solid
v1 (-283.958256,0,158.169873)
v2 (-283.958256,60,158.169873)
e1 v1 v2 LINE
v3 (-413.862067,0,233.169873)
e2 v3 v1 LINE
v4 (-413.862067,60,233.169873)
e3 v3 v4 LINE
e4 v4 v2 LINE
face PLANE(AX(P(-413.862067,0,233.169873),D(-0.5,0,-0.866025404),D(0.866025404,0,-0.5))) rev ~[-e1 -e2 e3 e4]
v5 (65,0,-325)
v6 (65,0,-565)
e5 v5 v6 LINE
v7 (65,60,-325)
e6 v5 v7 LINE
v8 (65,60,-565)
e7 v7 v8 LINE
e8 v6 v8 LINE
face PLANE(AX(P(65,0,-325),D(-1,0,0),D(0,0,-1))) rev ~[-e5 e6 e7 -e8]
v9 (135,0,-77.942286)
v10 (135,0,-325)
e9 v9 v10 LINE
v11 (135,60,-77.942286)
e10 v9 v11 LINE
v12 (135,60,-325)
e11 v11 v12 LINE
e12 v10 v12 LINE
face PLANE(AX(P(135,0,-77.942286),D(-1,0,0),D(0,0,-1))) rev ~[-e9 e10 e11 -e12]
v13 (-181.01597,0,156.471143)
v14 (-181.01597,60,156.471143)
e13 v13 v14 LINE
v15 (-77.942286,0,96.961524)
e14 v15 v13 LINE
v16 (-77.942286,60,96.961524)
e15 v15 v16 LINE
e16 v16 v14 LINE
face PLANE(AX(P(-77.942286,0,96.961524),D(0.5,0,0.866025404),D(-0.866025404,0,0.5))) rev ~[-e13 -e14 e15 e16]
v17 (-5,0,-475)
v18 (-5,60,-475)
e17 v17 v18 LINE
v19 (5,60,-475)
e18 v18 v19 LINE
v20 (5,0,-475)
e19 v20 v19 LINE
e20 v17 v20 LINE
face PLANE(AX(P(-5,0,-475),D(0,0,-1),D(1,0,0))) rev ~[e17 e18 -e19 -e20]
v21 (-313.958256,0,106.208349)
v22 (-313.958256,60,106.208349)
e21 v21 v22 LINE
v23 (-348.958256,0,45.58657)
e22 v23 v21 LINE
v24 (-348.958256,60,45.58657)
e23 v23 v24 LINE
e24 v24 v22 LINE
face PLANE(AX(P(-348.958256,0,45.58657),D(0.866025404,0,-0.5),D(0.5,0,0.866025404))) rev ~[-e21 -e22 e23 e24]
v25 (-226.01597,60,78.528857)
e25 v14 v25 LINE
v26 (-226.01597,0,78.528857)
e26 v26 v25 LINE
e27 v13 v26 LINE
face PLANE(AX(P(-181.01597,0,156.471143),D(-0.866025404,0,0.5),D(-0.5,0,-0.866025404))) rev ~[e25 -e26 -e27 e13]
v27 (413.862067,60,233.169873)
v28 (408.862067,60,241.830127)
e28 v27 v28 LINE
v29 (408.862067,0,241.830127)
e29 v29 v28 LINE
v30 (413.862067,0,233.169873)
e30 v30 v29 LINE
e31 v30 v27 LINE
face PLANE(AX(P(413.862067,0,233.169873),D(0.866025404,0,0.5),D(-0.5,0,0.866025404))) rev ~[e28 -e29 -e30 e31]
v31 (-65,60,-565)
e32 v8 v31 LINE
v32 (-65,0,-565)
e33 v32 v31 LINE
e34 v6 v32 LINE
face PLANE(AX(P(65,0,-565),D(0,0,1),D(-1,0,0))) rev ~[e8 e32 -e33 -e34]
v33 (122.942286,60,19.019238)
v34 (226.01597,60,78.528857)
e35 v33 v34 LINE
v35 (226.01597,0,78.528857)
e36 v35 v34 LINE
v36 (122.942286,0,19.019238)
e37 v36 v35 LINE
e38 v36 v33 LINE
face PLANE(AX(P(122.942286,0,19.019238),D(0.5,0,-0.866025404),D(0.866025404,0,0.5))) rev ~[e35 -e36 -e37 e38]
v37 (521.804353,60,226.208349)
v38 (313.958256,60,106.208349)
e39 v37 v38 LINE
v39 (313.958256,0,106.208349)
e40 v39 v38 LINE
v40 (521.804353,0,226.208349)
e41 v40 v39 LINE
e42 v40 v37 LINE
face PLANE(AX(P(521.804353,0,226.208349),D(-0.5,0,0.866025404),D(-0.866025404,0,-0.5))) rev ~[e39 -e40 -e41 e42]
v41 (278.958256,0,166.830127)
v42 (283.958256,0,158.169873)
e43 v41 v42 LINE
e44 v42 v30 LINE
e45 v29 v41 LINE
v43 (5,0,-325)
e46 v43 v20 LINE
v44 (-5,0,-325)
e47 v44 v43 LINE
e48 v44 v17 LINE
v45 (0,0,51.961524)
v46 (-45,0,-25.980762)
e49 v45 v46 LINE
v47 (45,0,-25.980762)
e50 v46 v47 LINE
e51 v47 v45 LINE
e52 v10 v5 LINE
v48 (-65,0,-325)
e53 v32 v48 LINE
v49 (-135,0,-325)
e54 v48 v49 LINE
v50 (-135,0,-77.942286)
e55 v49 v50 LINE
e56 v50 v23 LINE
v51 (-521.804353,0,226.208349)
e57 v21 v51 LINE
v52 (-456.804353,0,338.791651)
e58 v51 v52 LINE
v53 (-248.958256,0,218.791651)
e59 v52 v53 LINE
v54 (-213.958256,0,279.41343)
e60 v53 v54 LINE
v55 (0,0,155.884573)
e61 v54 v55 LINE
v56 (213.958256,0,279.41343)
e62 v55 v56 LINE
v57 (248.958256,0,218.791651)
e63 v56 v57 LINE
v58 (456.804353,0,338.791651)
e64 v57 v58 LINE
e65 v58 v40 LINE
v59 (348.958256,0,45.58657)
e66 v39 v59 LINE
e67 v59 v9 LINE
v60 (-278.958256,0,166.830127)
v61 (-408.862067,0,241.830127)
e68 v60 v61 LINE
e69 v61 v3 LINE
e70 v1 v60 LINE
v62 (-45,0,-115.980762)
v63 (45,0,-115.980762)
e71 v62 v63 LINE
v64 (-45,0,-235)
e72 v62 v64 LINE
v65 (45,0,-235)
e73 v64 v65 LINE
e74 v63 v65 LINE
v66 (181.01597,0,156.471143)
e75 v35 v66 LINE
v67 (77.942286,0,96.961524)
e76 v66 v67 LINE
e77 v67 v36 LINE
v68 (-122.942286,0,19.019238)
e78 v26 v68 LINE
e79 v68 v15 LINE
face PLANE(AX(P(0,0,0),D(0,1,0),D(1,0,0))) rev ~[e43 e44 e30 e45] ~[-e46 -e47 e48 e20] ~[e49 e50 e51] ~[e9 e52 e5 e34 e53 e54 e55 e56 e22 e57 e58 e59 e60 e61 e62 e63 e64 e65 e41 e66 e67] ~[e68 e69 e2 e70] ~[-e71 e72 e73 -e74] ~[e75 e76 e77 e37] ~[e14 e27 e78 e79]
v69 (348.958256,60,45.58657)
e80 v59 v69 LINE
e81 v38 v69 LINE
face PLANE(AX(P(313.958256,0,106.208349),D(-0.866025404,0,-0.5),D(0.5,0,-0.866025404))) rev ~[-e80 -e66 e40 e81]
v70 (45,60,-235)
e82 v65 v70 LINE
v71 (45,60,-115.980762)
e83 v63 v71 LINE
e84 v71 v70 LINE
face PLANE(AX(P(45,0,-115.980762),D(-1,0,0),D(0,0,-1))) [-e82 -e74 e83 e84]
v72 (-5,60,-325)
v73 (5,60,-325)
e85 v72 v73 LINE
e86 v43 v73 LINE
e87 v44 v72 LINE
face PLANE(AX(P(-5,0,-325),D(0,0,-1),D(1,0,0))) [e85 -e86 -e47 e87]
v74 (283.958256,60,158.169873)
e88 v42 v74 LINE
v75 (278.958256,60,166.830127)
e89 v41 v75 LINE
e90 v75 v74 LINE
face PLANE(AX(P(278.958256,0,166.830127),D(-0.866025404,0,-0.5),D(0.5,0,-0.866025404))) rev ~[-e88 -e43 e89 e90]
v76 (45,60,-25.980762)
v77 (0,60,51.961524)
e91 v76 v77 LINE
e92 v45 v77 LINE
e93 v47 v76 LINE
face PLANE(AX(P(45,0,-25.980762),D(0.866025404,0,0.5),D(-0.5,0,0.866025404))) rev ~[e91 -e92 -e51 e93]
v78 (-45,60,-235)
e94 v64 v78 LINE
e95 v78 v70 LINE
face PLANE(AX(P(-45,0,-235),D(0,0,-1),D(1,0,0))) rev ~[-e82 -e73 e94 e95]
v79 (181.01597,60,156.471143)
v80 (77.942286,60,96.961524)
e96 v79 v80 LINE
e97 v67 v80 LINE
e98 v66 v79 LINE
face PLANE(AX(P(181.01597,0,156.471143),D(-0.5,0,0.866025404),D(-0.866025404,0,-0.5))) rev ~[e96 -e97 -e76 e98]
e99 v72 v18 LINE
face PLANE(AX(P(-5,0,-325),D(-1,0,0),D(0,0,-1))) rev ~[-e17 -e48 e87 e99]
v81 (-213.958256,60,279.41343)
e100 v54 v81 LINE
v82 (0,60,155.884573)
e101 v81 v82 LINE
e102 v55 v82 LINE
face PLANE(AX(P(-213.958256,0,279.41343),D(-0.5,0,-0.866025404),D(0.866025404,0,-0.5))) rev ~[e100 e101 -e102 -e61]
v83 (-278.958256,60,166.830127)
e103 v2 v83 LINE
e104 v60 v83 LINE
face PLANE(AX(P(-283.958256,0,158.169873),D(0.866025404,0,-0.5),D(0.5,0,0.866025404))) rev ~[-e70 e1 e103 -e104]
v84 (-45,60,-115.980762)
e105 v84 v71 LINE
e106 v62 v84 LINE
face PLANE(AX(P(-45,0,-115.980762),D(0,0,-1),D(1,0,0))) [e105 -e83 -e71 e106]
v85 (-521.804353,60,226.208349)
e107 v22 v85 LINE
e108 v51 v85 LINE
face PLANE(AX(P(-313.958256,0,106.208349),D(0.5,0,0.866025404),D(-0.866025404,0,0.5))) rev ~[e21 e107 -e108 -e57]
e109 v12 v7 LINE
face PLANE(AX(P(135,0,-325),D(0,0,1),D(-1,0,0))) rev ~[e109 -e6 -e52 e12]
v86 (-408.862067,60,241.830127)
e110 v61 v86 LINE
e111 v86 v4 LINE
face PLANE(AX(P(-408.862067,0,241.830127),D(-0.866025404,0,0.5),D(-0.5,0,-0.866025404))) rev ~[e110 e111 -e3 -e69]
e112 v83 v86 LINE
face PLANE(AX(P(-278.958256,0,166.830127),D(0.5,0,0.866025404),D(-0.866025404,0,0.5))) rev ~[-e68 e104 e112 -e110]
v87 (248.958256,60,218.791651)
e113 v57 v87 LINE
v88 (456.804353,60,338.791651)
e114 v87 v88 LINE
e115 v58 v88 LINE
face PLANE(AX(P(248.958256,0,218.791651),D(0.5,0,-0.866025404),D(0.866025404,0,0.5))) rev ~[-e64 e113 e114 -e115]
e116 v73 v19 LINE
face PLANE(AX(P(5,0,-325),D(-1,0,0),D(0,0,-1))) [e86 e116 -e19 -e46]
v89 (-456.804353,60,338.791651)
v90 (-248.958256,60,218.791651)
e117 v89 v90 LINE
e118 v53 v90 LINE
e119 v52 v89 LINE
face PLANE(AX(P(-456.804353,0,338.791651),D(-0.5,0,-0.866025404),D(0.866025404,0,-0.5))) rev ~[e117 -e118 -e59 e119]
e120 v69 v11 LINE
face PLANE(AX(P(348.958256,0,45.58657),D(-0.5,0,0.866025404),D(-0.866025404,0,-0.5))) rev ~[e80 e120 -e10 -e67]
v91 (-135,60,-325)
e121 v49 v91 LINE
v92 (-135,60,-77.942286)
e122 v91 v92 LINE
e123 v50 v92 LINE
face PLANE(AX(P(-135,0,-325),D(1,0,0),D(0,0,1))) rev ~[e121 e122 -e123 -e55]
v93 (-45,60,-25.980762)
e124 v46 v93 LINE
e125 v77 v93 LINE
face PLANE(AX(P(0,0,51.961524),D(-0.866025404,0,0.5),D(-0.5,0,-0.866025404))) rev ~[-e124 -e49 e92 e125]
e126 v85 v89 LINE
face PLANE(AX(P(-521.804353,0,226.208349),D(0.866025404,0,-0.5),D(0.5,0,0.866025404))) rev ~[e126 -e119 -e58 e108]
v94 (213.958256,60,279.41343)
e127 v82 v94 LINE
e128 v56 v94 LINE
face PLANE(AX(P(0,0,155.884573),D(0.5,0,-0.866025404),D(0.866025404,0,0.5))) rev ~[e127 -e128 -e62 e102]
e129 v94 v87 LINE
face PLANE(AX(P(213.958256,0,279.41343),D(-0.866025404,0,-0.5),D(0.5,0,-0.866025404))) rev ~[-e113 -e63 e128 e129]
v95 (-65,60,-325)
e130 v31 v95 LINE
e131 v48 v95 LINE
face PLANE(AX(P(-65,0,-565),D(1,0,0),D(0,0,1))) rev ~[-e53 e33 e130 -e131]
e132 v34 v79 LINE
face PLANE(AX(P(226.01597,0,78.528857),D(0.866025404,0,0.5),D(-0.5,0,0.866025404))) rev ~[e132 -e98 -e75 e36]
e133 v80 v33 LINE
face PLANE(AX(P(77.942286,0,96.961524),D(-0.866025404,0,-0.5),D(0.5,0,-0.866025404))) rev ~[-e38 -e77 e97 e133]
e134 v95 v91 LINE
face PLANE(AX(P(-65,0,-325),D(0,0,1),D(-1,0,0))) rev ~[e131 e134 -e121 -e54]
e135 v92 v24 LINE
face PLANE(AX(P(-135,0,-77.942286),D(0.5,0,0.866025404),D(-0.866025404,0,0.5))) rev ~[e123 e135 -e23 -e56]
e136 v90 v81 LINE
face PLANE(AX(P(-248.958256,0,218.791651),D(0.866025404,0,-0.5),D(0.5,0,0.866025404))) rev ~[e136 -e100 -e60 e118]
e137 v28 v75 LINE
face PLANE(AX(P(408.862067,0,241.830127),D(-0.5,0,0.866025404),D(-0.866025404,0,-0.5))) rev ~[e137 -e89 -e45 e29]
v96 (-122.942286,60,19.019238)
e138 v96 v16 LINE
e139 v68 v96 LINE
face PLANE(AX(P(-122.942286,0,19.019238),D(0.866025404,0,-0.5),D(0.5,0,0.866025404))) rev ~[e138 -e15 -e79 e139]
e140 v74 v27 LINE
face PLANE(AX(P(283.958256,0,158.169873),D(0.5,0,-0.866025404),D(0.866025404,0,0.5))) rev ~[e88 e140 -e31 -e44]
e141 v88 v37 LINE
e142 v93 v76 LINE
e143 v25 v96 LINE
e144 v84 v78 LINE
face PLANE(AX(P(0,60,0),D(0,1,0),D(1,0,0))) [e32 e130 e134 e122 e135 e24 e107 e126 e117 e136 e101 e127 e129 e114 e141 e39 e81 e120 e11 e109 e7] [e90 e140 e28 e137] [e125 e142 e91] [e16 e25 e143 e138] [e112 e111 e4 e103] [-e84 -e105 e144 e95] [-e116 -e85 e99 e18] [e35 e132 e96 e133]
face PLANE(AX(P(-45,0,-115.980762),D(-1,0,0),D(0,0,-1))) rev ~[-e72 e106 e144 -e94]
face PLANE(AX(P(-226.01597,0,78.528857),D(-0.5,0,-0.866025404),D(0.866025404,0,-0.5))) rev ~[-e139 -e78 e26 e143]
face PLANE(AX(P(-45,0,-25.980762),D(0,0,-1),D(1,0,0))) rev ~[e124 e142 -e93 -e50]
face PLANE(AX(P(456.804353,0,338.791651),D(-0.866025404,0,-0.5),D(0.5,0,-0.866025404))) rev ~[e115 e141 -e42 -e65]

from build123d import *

# Parameters (mm, degrees)
CROQUIS1_W              = 90
CROQUIS1_H              = 119.019237886
CROQUIS1_W_2            = 10
CROQUIS1_H_2            = 150
SALIENTE_EXTRUIR1_DEPTH = 60


with BuildPart() as part:
    # Croquis1 → Saliente-Extruir1 (new body)
    with BuildSketch(Plane(origin=(0, 0, 0), x_dir=(1, 0, 0), z_dir=(0, 1, 0))):
        Polygon((-213.95825623, -279.413429511), (0, -155.884572681), (213.95825623, -279.413429511), (248.95825623, -218.791651246), (456.804353138, -338.791651246), (521.804353138, -226.208348754), (313.95825623, -106.208348754), (348.95825623, -45.586570489), (135, 77.942286341), (135, 325), (65, 325), (65, 565), (-65, 565), (-65, 325), (-135, 325), (-135, 77.942286341), (-348.95825623, -45.586570489), (-313.95825623, -106.208348754), (-521.804353138, -226.208348754), (-456.804353138, -338.791651246), (-248.95825623, -218.791651246), align=None)
        Polygon((278.95825623, -166.830127019), (283.95825623, -158.169872981), (348.910161514, -195.669872981), (413.862066798, -233.169872981), (408.862066798, -241.830127019), (343.910161514, -204.330127019), align=None, mode=Mode.SUBTRACT)
        Polygon((-408.862066798, -241.830127019), (-413.862066798, -233.169872981), (-283.95825623, -158.169872981), (-278.95825623, -166.830127019), align=None, mode=Mode.SUBTRACT)
        Polygon((-122.942286341, -19.019237886), (-77.942286341, -96.961524227), (-181.015969889, -156.47114317), (-226.015969889, -78.52885683), align=None, mode=Mode.SUBTRACT)
        Polygon((181.015969889, -156.47114317), (77.942286341, -96.961524227), (122.942286341, -19.019237886), (226.015969889, -78.52885683), align=None, mode=Mode.SUBTRACT)
        Polygon((0, -51.961524227), (-45, 25.980762114), (45, 25.980762114), align=None, mode=Mode.SUBTRACT)
        with Locations((0, 175.490381057)):
            Rectangle(CROQUIS1_W, CROQUIS1_H, mode=Mode.SUBTRACT)
        with Locations((0, 400)):
            Rectangle(CROQUIS1_W_2, CROQUIS1_H_2, mode=Mode.SUBTRACT)
    extrude(amount=SALIENTE_EXTRUIR1_DEPTH)


solid = part.part
